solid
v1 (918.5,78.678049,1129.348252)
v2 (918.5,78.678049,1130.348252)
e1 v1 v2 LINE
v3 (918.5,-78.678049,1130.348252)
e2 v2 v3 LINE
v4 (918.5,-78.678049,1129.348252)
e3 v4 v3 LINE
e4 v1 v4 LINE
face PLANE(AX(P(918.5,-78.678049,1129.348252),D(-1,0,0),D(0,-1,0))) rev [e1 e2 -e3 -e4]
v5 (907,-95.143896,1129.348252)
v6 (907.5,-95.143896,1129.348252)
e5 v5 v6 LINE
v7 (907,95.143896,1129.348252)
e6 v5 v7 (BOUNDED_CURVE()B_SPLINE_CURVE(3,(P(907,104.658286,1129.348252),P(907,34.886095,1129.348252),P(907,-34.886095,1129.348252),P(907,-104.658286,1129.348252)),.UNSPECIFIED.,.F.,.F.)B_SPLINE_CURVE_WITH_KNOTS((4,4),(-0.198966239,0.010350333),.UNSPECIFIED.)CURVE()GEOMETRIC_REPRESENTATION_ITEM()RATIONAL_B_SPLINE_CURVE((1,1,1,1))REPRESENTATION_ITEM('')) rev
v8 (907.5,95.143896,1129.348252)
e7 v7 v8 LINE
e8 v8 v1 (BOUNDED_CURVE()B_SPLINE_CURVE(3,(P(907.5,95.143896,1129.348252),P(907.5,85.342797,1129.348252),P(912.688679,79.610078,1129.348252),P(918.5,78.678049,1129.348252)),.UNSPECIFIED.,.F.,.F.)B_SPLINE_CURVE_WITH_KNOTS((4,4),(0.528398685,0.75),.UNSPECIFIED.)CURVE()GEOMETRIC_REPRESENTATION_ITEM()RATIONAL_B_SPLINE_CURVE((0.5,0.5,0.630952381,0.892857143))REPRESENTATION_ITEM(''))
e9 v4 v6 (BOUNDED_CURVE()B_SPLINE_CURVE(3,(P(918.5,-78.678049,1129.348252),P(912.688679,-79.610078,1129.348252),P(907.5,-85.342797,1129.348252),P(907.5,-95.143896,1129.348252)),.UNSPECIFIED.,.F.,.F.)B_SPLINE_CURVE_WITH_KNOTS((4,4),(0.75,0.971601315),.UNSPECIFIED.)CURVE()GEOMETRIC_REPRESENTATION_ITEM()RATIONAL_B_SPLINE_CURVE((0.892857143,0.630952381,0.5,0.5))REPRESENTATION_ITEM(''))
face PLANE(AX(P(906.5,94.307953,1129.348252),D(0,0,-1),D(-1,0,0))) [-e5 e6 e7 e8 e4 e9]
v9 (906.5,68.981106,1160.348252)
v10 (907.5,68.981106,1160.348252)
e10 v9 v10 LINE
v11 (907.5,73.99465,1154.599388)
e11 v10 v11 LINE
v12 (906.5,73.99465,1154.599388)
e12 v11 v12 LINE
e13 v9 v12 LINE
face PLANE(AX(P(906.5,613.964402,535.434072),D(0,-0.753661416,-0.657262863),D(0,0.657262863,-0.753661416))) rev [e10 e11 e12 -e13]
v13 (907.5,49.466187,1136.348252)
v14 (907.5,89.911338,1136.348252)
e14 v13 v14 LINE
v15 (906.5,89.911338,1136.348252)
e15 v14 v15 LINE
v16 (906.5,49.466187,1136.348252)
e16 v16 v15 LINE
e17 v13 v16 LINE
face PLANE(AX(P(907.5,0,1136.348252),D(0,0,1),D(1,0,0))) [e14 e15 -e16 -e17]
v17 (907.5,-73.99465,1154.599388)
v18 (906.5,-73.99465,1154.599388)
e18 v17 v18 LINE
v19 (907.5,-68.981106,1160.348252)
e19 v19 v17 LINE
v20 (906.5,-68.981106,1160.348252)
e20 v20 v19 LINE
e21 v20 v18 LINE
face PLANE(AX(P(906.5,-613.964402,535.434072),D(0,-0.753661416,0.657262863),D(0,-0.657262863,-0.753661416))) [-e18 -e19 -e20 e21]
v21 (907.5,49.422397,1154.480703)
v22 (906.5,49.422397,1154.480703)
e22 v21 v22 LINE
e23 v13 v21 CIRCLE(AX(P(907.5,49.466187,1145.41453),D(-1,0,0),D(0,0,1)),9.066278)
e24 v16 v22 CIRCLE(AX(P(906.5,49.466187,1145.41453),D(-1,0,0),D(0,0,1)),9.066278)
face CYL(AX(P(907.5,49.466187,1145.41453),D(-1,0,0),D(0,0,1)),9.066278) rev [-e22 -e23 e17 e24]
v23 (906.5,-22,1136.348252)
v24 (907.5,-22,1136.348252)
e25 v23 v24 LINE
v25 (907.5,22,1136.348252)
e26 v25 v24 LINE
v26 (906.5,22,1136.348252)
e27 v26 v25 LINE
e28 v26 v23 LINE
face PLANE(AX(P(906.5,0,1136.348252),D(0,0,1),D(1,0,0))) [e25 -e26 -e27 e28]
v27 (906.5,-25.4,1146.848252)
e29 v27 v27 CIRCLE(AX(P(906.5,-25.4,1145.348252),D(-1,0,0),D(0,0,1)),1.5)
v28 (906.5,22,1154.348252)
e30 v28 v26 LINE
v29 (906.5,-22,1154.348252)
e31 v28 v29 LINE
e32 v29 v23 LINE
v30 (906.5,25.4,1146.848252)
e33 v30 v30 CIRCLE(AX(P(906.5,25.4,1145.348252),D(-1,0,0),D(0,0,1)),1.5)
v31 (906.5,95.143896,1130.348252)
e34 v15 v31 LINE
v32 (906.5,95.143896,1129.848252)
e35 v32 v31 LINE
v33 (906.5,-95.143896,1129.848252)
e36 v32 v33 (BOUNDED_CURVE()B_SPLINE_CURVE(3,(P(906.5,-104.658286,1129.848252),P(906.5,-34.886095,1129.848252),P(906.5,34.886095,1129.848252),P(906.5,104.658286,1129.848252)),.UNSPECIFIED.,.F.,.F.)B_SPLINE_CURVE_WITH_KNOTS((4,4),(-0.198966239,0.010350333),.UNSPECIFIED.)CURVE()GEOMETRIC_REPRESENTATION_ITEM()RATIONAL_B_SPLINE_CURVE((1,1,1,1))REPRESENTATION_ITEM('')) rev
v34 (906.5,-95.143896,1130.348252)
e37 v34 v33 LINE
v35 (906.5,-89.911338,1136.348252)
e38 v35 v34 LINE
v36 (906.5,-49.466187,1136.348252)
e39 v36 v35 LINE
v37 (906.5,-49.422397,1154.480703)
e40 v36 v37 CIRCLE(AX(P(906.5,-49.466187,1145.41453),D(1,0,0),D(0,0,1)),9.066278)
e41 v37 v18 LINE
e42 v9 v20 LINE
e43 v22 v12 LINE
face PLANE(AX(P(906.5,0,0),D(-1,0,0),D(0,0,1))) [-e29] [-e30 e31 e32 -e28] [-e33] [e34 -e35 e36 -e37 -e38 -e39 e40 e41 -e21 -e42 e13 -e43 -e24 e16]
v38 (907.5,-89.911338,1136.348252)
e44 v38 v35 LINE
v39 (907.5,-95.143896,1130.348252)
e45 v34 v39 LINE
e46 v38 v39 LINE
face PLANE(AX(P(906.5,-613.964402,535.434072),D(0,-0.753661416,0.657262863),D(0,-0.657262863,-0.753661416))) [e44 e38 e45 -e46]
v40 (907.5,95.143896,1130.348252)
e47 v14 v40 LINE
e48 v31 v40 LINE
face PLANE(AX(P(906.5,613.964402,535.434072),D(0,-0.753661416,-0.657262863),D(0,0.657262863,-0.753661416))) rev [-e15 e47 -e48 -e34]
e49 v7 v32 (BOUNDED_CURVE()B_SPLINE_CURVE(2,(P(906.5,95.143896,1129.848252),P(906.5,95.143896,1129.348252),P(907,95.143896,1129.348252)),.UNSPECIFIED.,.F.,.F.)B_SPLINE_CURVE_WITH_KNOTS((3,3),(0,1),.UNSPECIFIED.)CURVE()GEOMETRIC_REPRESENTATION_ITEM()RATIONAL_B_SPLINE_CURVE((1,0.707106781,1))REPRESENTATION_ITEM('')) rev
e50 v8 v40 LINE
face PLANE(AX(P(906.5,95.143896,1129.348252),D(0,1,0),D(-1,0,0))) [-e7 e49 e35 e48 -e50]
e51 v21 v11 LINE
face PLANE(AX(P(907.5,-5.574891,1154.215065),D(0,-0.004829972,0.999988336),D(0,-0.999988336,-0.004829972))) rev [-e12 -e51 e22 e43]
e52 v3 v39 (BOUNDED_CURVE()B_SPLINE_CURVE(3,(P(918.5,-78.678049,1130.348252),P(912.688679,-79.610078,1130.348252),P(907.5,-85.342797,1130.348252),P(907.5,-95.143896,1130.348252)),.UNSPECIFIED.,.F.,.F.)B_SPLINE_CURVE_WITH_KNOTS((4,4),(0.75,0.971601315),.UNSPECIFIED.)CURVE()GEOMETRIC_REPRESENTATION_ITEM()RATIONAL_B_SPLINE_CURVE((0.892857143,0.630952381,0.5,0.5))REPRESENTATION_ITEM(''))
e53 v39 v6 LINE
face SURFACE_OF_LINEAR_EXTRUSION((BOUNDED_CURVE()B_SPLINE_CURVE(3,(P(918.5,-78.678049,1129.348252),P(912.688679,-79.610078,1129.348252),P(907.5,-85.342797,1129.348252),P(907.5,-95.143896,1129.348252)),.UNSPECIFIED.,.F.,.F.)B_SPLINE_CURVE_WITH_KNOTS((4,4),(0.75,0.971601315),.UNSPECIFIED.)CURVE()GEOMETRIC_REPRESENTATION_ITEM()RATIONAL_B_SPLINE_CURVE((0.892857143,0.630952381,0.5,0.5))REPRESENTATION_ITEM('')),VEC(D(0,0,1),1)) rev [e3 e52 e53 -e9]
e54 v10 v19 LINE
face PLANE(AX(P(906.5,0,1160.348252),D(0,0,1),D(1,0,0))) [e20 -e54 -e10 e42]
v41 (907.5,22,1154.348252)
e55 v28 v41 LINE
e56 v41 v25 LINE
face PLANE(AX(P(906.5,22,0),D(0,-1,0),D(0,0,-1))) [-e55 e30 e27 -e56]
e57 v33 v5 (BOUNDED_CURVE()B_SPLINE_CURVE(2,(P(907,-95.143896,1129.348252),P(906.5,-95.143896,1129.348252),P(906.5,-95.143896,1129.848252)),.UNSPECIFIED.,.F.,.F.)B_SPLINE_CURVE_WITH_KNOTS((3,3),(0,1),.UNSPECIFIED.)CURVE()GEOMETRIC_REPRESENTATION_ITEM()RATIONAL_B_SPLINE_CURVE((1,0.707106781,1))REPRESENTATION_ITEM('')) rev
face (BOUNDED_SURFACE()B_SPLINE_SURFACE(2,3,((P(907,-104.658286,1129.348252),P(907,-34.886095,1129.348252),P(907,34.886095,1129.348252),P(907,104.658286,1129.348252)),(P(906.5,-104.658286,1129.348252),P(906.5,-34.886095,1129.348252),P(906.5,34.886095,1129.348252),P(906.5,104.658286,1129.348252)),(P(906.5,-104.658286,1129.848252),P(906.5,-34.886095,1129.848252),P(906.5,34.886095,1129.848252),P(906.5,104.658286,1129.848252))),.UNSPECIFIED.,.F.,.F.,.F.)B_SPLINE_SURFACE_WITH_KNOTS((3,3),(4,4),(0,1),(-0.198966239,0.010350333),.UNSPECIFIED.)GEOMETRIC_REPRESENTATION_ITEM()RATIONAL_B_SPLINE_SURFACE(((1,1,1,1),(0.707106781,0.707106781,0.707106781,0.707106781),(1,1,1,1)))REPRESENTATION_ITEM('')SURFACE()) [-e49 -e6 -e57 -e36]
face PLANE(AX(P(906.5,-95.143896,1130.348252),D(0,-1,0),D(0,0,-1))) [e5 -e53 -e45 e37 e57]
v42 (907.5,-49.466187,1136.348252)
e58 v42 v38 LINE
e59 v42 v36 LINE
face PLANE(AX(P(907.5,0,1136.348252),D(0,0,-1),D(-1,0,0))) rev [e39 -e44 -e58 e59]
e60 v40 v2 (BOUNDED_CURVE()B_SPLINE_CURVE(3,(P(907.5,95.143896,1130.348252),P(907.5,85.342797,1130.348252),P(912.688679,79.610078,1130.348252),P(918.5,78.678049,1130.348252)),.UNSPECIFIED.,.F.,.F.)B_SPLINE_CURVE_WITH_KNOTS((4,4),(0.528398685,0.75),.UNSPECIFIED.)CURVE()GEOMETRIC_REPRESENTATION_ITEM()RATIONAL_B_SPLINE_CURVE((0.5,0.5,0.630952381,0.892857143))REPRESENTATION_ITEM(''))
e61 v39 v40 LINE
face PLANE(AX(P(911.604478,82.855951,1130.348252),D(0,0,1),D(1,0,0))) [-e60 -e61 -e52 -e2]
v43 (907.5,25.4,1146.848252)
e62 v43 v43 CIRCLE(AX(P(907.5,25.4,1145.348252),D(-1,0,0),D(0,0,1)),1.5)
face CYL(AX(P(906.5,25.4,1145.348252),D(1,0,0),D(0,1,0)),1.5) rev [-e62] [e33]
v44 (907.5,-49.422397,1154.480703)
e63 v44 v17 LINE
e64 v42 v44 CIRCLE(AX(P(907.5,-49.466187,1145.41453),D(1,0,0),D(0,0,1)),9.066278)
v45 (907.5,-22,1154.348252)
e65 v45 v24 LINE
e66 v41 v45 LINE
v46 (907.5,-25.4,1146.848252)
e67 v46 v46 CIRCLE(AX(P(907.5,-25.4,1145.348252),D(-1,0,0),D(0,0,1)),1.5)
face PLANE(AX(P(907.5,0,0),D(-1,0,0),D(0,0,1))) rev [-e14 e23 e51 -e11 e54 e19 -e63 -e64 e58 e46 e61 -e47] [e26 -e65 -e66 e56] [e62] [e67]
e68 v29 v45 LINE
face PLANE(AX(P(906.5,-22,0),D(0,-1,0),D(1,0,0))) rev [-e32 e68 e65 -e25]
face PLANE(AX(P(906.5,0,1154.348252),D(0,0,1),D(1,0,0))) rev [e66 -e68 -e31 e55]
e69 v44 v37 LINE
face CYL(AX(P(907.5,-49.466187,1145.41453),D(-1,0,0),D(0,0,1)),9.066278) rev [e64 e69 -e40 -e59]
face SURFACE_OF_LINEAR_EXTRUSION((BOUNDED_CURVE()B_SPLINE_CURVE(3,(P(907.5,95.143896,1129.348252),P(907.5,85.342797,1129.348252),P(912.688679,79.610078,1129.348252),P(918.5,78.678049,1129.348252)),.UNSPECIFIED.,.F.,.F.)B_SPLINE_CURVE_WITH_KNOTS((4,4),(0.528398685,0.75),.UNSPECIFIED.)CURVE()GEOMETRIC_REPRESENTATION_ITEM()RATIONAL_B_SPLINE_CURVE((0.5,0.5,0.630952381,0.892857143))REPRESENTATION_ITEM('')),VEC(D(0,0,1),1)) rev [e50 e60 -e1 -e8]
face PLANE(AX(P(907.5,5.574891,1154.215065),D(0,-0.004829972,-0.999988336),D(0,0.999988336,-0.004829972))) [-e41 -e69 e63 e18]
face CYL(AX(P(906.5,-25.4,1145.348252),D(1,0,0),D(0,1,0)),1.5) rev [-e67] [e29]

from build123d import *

# Parameters (mm, degrees)
SZKIC1_R                    = 1.5
SZKIC1_W                    = 18
SZKIC1_H                    = 44
DODANIE_WYCI_GNI_CIE1_DEPTH = 1
DODANIE_WYCI_GNI_CIE2_DEPTH = 1
DODANIE_WYCI_GNI_CIE3_DEPTH = 1
ZAOKR_GLENIE2_R             = 0.5
WYTNIJ_WYCI_GNI_CIE1_DEPTH  = 1


with BuildPart() as part:
    # Szkic1 → Dodanie-wyciągnięcie1 (new body)
    with BuildSketch(Plane.ZY.offset(-907.5)):
        with BuildLine():
            Line((1160.348252133, 68.981105632), (1130.348252133, 95.143896329))
            Line((1130.348252133, 95.143896329), (1130.348252133, 25.4))
            ThreePointArc((1130.348252133, 25.4), (1145.348252133, 40.4), (1160.348252133, 25.4))
            Line((1160.348252133, 25.4), (1160.348252133, 68.981105632))
        make_face()
        with BuildLine():
            ThreePointArc((1160.348252133, -25.4), (1145.348252133, -40.4), (1130.348252133, -25.4))
            Line((1130.348252133, -25.4), (1130.348252133, -95.143896329))
            Line((1130.348252133, -95.143896329), (1160.348252133, -68.981105632))
            Line((1160.348252133, -68.981105632), (1160.348252133, -25.4))
        make_face()
        with BuildLine():
            ThreePointArc((1160.348252133, 25.4), (1145.348252133, 40.4), (1130.348252133, 25.4))
            Line((1130.348252133, 25.4), (1130.348252133, -25.4))
            ThreePointArc((1130.348252133, -25.4), (1145.348252133, -40.4), (1160.348252133, -25.4))
            Line((1160.348252133, -25.4), (1160.348252133, 25.4))
        make_face()
        with Locations((1145.348252133, -25.4)):
            Circle(SZKIC1_R, mode=Mode.SUBTRACT)
        with Locations((1145.348252133, 0)):
            Rectangle(SZKIC1_W, SZKIC1_H, mode=Mode.SUBTRACT)
        with Locations((1145.348252133, 25.4)):
            Circle(SZKIC1_R, mode=Mode.SUBTRACT)
    extrude(amount=DODANIE_WYCI_GNI_CIE1_DEPTH)



with BuildPart() as body_2:
    # Szkic6 → Dodanie-wyciągnięcie2 (new body)
    with BuildSketch(Plane(origin=(0, 0, 1130.348252133), x_dir=(-1, 0, 0), z_dir=(0, 0, -1))):
        with BuildLine():
            Line((-907.5, 95.143896329), (-907.5, -95.143896329))
            add(Edge.make_bspline(
                [(-907.5, -95.143896329), (-907.5, -85.342796857), (-912.688679245, -79.610078298), (-918.5, -78.678049216)],
                knots=[0.75, 0.75, 0.75, 0.75, 0.971601315, 0.971601315, 0.971601315, 0.971601315], degree=3, weights=[0.5, 0.5, 0.630952381, 0.892857143]))
            Line((-918.5, -78.678049216), (-918.5, 78.678049216))
            add(Edge.make_bspline(
                [(-918.5, 78.678049216), (-912.688679245, 79.610078298), (-907.5, 85.342796857), (-907.5, 95.143896329)],
                knots=[0.528398685, 0.528398685, 0.528398685, 0.528398685, 0.75, 0.75, 0.75, 0.75], degree=3, weights=[0.892857143, 0.630952381, 0.5, 0.5]))
        make_face()
    extrude(amount=DODANIE_WYCI_GNI_CIE2_DEPTH)


with BuildPart() as part_1:
    add(part.part)

    add(body_2.part)  # Dodanie-wyciągnięcie3 merges body 2
    # Szkic7 → Dodanie-wyciągnięcie3 (add)
    with BuildSketch(Plane.ZY.offset(-907.5)):
        Polygon((1129.348252133, -95.143896329), (1129.348252133, 94.307952804), (1129.348252133, 95.143896329), (1130.348252133, 95.143896329), (1130.348252133, -95.143896329), align=None)
    extrude(amount=DODANIE_WYCI_GNI_CIE3_DEPTH)

    # Zaokrąglenie2
    zaokr_glenie2_edges = [part_1.edges().sort_by_distance(p)[0] for p in [
        (906.5, 0, 1129.348252133),
    ]]
    fillet(zaokr_glenie2_edges, radius=ZAOKR_GLENIE2_R)

    # Szkic8 → Wytnij-wyciągnięcie1 (cut)
    with BuildSketch(Plane.ZY.offset(-906.5)):
        with BuildLine():
            ThreePointArc((1145.389561405, 40.399943118), (1151.80100132, 43.031096304), (1154.480703078, 49.422397217))
            Line((1154.480703078, 49.422397217), (1154.599387747, 73.994650155))
            Line((1154.599387747, 73.994650155), (1136.348252133, 89.91133819))
            Line((1136.348252133, 89.91133819), (1136.348252133, 49.466187083))
            ThreePointArc((1136.348252133, 49.466187083), (1138.99488175, 43.064194171), (1145.389561405, 40.399943118))
        make_face()
    wytnij_wyci_gni_cie1 = extrude(amount=-WYTNIJ_WYCI_GNI_CIE1_DEPTH, mode=Mode.SUBTRACT)

    # Lustro1: Wytnij-wyciągnięcie1 across plane
    add(wytnij_wyci_gni_cie1.mirror(Plane.ZX), mode=Mode.SUBTRACT)


solid = part_1.part
